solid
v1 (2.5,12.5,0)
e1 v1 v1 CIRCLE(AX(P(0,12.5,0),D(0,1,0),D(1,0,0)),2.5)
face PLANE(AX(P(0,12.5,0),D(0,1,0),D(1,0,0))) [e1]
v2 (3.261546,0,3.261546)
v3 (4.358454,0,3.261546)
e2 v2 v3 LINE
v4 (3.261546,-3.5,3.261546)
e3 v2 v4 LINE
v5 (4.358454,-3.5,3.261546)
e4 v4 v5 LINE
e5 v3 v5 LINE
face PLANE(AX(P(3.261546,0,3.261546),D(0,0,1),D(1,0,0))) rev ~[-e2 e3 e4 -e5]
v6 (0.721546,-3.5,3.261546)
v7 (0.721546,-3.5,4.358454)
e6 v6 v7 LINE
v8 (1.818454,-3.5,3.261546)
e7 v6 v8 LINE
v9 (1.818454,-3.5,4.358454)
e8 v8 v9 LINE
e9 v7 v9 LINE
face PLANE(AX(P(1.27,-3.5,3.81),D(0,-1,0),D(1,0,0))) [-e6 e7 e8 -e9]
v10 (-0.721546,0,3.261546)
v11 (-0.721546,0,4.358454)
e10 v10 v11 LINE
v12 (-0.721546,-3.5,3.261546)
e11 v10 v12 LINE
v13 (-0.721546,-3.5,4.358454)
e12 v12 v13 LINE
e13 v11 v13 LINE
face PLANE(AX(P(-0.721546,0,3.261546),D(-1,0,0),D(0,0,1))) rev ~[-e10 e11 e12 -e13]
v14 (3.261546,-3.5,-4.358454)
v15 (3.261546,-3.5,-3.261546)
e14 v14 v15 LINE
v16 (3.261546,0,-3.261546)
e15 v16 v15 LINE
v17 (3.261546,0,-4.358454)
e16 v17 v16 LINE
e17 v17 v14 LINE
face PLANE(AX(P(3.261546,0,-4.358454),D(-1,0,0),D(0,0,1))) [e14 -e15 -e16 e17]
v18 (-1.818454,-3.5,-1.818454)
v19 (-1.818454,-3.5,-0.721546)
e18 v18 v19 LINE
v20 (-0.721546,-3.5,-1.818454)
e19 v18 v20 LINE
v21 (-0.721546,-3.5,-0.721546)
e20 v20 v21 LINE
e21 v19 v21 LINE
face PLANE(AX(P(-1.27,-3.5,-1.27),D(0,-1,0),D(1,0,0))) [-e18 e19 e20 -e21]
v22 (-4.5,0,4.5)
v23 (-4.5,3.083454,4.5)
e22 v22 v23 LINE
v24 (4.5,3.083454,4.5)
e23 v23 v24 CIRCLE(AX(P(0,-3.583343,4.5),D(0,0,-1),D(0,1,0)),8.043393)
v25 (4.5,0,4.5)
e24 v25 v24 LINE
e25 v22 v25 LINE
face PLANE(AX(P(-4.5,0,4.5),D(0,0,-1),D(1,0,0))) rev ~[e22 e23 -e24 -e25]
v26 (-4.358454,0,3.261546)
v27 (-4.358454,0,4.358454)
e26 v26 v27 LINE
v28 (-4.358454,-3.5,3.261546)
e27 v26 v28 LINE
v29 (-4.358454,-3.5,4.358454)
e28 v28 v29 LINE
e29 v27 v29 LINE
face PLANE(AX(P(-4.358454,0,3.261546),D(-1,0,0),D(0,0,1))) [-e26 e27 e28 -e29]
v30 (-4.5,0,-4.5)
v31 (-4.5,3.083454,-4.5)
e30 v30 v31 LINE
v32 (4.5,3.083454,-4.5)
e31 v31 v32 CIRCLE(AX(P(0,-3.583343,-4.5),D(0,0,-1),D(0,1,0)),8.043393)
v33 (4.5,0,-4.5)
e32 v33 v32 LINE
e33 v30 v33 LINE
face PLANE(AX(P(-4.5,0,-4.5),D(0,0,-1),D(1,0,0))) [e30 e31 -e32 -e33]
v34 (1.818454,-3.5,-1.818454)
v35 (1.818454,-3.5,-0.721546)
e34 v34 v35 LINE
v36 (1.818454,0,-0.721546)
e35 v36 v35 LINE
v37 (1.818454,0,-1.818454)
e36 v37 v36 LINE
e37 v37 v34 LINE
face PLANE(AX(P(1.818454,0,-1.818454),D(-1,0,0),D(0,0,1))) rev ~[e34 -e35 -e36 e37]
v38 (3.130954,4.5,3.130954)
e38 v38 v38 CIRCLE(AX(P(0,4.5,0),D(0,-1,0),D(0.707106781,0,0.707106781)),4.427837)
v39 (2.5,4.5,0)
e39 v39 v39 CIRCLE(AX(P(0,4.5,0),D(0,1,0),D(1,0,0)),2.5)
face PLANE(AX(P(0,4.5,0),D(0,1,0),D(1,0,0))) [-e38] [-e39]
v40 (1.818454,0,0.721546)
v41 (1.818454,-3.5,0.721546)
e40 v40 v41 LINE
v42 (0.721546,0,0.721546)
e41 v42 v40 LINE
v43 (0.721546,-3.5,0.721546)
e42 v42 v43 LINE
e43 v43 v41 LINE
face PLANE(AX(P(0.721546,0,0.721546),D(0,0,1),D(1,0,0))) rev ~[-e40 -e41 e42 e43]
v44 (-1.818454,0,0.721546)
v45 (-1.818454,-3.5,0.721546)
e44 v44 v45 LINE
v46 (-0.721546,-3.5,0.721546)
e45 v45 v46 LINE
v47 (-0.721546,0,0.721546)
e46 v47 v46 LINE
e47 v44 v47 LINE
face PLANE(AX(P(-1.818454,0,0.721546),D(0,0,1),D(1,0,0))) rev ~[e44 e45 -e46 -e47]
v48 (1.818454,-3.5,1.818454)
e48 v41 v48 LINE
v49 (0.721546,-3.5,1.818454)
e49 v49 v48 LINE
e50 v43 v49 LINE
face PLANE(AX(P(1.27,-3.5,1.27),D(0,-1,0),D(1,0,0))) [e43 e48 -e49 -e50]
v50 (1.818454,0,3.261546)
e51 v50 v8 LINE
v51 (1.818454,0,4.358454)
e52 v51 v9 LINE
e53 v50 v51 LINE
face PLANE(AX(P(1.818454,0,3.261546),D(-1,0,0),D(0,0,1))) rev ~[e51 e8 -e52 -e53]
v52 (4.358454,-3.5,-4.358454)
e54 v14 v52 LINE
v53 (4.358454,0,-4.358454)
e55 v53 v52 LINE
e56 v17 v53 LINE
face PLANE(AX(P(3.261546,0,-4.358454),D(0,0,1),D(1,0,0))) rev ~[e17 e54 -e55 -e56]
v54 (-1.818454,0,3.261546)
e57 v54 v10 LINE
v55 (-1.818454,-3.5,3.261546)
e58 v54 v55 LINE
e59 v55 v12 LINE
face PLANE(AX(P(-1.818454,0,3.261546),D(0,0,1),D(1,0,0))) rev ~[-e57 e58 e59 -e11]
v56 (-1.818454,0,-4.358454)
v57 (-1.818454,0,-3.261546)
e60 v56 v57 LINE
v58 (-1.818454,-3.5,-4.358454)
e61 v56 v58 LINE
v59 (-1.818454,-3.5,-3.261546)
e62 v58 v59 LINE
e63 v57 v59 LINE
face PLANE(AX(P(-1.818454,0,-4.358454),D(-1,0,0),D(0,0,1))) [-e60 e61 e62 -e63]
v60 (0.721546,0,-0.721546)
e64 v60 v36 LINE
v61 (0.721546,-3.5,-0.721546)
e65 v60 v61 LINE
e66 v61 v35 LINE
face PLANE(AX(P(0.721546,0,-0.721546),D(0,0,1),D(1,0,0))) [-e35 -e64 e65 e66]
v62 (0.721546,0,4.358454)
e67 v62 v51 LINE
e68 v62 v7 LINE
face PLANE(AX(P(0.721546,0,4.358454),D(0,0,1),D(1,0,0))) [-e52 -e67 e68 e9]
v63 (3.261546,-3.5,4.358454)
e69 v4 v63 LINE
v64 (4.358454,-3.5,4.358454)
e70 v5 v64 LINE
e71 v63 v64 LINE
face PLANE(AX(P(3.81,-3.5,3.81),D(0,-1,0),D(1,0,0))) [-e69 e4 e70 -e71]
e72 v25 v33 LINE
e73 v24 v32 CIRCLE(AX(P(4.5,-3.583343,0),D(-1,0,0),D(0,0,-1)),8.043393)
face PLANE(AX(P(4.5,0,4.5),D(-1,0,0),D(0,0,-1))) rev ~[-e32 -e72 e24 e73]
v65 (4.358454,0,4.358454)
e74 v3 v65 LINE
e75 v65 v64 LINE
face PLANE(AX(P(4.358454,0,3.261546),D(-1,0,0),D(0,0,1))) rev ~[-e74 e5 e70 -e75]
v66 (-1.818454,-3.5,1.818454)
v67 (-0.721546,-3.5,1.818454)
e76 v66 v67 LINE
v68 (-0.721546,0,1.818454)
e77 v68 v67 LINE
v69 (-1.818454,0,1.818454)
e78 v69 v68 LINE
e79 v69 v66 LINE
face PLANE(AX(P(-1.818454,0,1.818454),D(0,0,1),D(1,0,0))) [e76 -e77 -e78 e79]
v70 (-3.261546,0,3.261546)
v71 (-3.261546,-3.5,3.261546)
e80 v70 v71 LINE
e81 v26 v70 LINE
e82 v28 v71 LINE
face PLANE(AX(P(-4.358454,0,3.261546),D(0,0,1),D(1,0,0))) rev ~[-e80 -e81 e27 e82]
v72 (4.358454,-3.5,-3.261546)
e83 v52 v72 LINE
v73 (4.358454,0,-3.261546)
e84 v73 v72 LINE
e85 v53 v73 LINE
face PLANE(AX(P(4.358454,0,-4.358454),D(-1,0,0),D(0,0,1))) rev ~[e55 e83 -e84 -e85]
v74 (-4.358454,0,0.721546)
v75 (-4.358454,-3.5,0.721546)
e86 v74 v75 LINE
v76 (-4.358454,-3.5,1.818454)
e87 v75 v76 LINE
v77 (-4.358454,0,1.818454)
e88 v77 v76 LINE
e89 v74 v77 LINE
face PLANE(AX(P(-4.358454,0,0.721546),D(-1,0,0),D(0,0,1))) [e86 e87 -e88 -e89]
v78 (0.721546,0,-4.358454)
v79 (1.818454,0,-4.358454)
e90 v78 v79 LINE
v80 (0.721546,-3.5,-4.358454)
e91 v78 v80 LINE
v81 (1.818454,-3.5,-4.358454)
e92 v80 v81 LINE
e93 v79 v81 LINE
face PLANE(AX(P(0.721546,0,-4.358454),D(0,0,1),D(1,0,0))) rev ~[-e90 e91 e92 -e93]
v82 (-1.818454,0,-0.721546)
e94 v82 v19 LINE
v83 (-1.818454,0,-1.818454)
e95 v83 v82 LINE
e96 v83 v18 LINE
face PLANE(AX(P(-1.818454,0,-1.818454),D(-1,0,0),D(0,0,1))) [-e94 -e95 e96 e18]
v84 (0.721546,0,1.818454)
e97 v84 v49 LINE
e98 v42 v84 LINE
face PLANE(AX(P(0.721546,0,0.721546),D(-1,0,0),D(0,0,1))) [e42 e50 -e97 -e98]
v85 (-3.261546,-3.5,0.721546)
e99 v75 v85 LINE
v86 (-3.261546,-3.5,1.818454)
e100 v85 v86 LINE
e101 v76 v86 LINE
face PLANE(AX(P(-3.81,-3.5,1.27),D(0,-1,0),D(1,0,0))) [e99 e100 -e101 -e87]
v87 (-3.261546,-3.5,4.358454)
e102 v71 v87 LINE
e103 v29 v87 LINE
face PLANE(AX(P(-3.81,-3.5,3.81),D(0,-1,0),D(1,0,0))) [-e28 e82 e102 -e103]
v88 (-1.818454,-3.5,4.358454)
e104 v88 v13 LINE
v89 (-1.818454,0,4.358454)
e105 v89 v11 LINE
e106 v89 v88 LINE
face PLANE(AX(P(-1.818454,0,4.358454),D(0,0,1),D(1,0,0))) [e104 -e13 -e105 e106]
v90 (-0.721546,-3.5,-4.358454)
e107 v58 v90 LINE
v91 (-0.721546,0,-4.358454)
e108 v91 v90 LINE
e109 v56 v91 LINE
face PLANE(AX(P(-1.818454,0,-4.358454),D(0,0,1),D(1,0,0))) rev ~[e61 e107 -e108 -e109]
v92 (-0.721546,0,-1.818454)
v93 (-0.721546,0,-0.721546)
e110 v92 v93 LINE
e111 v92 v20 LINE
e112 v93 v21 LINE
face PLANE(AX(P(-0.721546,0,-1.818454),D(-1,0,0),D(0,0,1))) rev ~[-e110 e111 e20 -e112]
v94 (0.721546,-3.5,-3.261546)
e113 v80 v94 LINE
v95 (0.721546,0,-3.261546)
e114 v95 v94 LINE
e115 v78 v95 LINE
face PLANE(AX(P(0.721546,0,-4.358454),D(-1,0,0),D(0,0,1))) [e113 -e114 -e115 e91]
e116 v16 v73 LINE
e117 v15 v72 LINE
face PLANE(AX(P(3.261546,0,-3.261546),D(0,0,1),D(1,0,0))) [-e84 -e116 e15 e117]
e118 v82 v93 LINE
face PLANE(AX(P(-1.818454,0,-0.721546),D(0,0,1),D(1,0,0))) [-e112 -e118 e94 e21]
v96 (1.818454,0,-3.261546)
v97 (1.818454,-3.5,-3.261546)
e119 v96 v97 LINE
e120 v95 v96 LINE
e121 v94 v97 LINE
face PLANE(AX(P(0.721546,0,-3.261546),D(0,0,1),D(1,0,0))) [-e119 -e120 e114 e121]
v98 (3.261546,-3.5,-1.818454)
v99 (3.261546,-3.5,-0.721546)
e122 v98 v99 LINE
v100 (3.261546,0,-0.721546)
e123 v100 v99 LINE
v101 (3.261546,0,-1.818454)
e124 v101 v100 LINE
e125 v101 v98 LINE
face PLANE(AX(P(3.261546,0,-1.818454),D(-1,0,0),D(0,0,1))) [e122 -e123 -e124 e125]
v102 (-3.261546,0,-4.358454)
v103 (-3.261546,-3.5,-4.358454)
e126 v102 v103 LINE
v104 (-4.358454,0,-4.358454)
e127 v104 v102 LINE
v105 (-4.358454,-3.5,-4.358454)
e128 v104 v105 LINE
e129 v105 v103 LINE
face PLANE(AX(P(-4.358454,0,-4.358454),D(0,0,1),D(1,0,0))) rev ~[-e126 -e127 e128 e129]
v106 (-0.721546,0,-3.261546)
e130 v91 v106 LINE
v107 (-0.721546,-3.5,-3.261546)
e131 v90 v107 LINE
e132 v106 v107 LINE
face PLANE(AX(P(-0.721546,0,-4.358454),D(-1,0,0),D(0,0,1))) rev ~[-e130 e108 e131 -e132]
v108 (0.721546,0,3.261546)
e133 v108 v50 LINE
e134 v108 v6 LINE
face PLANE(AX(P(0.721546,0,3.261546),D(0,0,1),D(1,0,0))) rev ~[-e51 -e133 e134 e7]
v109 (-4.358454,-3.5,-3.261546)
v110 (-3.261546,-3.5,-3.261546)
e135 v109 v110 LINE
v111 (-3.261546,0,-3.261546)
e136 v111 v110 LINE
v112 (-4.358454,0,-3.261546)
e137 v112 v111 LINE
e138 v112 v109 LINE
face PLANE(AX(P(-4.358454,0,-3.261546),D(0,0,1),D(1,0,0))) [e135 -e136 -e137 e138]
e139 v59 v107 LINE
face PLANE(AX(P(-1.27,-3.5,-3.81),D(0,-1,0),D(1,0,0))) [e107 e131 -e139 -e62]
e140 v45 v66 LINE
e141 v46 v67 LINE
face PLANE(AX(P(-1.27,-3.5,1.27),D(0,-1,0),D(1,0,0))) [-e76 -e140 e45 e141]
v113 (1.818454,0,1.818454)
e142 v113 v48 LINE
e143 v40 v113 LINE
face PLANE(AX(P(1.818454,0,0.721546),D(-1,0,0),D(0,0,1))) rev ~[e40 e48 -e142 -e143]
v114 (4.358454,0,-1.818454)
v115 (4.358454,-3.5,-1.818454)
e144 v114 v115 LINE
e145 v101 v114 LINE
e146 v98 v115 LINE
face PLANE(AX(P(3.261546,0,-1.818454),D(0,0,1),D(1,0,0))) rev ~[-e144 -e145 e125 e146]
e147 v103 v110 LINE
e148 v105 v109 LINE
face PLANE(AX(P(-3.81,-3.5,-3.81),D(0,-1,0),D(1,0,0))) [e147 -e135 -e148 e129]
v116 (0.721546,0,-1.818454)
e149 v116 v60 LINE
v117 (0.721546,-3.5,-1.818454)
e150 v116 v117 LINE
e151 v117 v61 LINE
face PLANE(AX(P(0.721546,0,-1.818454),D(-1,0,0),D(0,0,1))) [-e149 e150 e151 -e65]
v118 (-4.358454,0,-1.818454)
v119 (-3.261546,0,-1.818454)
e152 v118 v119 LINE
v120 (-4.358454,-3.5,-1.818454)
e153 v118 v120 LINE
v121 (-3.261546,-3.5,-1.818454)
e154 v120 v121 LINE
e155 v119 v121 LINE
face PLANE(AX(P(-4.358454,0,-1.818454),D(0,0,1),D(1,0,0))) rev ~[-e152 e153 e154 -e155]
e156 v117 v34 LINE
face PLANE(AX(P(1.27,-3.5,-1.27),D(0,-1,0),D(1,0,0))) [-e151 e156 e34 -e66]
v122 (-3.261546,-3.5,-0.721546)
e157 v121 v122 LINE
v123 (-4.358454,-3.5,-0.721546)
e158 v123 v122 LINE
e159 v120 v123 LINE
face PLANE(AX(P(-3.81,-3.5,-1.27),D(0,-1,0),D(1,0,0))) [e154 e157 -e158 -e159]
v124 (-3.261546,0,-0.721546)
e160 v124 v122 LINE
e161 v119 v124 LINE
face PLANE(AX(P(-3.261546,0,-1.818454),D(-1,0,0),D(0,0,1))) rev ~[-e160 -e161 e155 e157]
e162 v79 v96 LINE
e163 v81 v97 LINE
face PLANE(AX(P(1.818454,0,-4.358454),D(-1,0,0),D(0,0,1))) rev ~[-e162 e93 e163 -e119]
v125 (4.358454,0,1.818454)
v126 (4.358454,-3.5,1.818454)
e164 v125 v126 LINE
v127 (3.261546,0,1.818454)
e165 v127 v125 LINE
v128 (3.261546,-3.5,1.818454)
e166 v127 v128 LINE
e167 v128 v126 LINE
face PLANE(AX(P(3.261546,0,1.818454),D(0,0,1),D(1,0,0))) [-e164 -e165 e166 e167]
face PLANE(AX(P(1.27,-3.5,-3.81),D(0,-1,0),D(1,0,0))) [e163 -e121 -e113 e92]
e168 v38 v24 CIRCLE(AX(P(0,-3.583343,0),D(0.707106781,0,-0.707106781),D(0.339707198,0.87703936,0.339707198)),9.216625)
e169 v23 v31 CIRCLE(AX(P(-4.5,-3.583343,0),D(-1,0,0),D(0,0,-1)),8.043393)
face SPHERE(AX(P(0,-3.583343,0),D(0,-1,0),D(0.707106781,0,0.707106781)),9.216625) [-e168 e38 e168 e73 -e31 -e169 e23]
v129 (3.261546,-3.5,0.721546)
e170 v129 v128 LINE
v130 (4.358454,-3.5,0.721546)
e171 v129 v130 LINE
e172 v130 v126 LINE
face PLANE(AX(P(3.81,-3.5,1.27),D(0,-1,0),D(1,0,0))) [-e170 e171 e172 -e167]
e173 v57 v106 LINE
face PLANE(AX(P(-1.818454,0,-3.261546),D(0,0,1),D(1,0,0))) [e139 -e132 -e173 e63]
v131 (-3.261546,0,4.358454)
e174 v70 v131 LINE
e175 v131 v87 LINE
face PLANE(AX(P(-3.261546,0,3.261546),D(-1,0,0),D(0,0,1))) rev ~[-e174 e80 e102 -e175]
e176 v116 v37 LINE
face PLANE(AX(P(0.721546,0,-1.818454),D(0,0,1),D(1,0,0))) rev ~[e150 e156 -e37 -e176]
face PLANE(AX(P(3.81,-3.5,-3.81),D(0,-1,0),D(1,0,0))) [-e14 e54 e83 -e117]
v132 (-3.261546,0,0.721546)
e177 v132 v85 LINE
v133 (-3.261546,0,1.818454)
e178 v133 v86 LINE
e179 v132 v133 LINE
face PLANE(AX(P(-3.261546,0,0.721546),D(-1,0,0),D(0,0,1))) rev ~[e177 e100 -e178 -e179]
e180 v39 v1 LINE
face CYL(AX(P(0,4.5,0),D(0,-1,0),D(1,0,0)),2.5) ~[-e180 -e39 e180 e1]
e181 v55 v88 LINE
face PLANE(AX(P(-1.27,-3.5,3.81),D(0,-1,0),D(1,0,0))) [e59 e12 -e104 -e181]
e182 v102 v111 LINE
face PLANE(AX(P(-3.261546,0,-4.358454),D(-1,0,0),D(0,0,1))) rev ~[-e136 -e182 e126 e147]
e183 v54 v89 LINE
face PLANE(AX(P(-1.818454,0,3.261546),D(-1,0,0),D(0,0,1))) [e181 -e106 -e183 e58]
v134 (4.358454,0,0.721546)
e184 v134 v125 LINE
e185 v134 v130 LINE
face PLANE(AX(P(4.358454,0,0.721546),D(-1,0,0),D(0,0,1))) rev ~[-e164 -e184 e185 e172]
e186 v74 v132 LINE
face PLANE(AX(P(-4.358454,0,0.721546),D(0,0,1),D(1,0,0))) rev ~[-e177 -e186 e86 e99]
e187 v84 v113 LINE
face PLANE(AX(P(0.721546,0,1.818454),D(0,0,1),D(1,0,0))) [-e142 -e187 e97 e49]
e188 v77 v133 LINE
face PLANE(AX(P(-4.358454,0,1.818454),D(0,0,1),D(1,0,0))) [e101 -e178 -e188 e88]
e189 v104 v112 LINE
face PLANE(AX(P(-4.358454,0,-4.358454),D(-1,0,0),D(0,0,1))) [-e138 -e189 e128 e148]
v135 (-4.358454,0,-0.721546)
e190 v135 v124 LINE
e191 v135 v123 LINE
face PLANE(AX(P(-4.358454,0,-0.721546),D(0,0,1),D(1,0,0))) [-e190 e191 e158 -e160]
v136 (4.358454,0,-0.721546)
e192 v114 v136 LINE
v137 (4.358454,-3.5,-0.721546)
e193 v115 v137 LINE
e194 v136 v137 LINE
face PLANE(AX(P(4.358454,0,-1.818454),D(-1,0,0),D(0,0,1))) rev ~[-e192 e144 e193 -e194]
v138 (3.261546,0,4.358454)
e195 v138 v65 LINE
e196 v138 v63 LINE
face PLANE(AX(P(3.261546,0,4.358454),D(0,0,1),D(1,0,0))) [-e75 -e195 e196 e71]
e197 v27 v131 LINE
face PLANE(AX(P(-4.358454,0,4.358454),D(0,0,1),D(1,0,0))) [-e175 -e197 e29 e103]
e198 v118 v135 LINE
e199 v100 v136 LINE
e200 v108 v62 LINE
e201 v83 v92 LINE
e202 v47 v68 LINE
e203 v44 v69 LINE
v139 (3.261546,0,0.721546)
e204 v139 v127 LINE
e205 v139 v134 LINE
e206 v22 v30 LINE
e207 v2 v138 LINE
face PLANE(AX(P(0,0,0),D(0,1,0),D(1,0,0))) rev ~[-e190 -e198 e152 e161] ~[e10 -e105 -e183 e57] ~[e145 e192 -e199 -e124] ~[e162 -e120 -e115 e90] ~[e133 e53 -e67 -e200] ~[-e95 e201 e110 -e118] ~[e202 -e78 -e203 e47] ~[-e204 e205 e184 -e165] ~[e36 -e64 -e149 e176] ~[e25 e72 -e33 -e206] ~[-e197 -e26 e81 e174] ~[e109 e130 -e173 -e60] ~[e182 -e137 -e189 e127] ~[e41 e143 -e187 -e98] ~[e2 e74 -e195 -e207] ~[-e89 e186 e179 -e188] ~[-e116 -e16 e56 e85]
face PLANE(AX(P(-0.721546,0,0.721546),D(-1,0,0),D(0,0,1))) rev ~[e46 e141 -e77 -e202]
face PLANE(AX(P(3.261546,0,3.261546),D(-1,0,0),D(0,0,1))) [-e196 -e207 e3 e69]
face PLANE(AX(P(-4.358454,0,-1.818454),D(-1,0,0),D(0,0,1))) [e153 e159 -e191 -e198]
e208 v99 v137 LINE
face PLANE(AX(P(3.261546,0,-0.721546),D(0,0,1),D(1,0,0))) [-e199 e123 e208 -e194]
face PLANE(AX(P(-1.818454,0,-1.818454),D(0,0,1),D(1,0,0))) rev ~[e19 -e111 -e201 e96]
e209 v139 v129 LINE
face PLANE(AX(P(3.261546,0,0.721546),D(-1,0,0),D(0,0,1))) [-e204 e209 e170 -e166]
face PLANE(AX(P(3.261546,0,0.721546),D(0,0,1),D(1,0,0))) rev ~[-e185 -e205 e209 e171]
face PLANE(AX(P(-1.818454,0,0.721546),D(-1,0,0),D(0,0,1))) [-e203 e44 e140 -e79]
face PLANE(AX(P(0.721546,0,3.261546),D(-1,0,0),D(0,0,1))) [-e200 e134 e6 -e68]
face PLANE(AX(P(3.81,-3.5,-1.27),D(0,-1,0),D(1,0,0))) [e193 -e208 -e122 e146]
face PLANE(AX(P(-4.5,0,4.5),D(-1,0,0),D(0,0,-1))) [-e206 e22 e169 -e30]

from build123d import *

# Parameters (mm, degrees)
SKETCH1_W            = 9
SKETCH1_H            = 9
BOSS_EXTRUDE1_DEPTH  = 4.5
SKETCH3_W            = 1.096908344
SKETCH3_H            = 1.096908344
BOSS_EXTRUDE3_DEPTH  = 3.5
LPATTERN1_COUNT      = 4
LPATTERN1_PITCH      = 2.54
LPATTERN1_COUNT_DIR2 = 4
LPATTERN1_PITCH_DIR2 = 2.54
SKETCH4_R            = 2.5
BOSS_EXTRUDE4_DEPTH  = 8


with BuildPart() as part:
    # Sketch1 → Boss-Extrude1 (new body)
    with BuildSketch(Plane(origin=(0, 0, 0), x_dir=(1, 0, 0), z_dir=(0, 1, 0))):
        Rectangle(SKETCH1_W, SKETCH1_H)
    extrude(amount=BOSS_EXTRUDE1_DEPTH)

    # Sketch3 → Boss-Extrude3 (add)
    with BuildSketch(Plane.XZ):
        with Locations((-3.81, 3.81)):
            Rectangle(SKETCH3_W, SKETCH3_H)
    boss_extrude3 = extrude(amount=BOSS_EXTRUDE3_DEPTH)

    # LPattern1: Boss-Extrude3 4 × 4
    with Locations(*[(i * LPATTERN1_PITCH, 0, -j * LPATTERN1_PITCH_DIR2) for i in range(LPATTERN1_COUNT) for j in range(LPATTERN1_COUNT_DIR2) if (i, j) != (0, 0)]):
        add(boss_extrude3)

    # Sketch4 → Boss-Extrude4 (add)
    with BuildSketch(Plane(origin=(0, 4.5, 0), x_dir=(1, 0, 0), z_dir=(0, 1, 0))):
        Circle(SKETCH4_R)
    extrude(amount=BOSS_EXTRUDE4_DEPTH)

    # Sketch6 → Cut-Revolve2 (revolve, cut)
    with BuildSketch(Plane(origin=(0, 0, 0), x_dir=(-0.707106781, 0, -0.707106781), z_dir=(0.707106781, 0, -0.707106781))):
        with BuildLine():
            Line((-8.778012628, -0.773952942), (-8.778012628, 5.788941631))
            Line((-8.778012628, 5.788941631), (-4.42783745, 5.788941631))
            Line((-4.42783745, 5.788941631), (-4.42783745, 4.5))
            ThreePointArc((-4.42783745, 4.5), (-7.110011532, 2.281289505), (-8.778012628, -0.773952942))
        make_face()
    revolve(axis=Axis((0, 4.5, 0), (0, -1, 0)), mode=Mode.SUBTRACT)


solid = part.part
